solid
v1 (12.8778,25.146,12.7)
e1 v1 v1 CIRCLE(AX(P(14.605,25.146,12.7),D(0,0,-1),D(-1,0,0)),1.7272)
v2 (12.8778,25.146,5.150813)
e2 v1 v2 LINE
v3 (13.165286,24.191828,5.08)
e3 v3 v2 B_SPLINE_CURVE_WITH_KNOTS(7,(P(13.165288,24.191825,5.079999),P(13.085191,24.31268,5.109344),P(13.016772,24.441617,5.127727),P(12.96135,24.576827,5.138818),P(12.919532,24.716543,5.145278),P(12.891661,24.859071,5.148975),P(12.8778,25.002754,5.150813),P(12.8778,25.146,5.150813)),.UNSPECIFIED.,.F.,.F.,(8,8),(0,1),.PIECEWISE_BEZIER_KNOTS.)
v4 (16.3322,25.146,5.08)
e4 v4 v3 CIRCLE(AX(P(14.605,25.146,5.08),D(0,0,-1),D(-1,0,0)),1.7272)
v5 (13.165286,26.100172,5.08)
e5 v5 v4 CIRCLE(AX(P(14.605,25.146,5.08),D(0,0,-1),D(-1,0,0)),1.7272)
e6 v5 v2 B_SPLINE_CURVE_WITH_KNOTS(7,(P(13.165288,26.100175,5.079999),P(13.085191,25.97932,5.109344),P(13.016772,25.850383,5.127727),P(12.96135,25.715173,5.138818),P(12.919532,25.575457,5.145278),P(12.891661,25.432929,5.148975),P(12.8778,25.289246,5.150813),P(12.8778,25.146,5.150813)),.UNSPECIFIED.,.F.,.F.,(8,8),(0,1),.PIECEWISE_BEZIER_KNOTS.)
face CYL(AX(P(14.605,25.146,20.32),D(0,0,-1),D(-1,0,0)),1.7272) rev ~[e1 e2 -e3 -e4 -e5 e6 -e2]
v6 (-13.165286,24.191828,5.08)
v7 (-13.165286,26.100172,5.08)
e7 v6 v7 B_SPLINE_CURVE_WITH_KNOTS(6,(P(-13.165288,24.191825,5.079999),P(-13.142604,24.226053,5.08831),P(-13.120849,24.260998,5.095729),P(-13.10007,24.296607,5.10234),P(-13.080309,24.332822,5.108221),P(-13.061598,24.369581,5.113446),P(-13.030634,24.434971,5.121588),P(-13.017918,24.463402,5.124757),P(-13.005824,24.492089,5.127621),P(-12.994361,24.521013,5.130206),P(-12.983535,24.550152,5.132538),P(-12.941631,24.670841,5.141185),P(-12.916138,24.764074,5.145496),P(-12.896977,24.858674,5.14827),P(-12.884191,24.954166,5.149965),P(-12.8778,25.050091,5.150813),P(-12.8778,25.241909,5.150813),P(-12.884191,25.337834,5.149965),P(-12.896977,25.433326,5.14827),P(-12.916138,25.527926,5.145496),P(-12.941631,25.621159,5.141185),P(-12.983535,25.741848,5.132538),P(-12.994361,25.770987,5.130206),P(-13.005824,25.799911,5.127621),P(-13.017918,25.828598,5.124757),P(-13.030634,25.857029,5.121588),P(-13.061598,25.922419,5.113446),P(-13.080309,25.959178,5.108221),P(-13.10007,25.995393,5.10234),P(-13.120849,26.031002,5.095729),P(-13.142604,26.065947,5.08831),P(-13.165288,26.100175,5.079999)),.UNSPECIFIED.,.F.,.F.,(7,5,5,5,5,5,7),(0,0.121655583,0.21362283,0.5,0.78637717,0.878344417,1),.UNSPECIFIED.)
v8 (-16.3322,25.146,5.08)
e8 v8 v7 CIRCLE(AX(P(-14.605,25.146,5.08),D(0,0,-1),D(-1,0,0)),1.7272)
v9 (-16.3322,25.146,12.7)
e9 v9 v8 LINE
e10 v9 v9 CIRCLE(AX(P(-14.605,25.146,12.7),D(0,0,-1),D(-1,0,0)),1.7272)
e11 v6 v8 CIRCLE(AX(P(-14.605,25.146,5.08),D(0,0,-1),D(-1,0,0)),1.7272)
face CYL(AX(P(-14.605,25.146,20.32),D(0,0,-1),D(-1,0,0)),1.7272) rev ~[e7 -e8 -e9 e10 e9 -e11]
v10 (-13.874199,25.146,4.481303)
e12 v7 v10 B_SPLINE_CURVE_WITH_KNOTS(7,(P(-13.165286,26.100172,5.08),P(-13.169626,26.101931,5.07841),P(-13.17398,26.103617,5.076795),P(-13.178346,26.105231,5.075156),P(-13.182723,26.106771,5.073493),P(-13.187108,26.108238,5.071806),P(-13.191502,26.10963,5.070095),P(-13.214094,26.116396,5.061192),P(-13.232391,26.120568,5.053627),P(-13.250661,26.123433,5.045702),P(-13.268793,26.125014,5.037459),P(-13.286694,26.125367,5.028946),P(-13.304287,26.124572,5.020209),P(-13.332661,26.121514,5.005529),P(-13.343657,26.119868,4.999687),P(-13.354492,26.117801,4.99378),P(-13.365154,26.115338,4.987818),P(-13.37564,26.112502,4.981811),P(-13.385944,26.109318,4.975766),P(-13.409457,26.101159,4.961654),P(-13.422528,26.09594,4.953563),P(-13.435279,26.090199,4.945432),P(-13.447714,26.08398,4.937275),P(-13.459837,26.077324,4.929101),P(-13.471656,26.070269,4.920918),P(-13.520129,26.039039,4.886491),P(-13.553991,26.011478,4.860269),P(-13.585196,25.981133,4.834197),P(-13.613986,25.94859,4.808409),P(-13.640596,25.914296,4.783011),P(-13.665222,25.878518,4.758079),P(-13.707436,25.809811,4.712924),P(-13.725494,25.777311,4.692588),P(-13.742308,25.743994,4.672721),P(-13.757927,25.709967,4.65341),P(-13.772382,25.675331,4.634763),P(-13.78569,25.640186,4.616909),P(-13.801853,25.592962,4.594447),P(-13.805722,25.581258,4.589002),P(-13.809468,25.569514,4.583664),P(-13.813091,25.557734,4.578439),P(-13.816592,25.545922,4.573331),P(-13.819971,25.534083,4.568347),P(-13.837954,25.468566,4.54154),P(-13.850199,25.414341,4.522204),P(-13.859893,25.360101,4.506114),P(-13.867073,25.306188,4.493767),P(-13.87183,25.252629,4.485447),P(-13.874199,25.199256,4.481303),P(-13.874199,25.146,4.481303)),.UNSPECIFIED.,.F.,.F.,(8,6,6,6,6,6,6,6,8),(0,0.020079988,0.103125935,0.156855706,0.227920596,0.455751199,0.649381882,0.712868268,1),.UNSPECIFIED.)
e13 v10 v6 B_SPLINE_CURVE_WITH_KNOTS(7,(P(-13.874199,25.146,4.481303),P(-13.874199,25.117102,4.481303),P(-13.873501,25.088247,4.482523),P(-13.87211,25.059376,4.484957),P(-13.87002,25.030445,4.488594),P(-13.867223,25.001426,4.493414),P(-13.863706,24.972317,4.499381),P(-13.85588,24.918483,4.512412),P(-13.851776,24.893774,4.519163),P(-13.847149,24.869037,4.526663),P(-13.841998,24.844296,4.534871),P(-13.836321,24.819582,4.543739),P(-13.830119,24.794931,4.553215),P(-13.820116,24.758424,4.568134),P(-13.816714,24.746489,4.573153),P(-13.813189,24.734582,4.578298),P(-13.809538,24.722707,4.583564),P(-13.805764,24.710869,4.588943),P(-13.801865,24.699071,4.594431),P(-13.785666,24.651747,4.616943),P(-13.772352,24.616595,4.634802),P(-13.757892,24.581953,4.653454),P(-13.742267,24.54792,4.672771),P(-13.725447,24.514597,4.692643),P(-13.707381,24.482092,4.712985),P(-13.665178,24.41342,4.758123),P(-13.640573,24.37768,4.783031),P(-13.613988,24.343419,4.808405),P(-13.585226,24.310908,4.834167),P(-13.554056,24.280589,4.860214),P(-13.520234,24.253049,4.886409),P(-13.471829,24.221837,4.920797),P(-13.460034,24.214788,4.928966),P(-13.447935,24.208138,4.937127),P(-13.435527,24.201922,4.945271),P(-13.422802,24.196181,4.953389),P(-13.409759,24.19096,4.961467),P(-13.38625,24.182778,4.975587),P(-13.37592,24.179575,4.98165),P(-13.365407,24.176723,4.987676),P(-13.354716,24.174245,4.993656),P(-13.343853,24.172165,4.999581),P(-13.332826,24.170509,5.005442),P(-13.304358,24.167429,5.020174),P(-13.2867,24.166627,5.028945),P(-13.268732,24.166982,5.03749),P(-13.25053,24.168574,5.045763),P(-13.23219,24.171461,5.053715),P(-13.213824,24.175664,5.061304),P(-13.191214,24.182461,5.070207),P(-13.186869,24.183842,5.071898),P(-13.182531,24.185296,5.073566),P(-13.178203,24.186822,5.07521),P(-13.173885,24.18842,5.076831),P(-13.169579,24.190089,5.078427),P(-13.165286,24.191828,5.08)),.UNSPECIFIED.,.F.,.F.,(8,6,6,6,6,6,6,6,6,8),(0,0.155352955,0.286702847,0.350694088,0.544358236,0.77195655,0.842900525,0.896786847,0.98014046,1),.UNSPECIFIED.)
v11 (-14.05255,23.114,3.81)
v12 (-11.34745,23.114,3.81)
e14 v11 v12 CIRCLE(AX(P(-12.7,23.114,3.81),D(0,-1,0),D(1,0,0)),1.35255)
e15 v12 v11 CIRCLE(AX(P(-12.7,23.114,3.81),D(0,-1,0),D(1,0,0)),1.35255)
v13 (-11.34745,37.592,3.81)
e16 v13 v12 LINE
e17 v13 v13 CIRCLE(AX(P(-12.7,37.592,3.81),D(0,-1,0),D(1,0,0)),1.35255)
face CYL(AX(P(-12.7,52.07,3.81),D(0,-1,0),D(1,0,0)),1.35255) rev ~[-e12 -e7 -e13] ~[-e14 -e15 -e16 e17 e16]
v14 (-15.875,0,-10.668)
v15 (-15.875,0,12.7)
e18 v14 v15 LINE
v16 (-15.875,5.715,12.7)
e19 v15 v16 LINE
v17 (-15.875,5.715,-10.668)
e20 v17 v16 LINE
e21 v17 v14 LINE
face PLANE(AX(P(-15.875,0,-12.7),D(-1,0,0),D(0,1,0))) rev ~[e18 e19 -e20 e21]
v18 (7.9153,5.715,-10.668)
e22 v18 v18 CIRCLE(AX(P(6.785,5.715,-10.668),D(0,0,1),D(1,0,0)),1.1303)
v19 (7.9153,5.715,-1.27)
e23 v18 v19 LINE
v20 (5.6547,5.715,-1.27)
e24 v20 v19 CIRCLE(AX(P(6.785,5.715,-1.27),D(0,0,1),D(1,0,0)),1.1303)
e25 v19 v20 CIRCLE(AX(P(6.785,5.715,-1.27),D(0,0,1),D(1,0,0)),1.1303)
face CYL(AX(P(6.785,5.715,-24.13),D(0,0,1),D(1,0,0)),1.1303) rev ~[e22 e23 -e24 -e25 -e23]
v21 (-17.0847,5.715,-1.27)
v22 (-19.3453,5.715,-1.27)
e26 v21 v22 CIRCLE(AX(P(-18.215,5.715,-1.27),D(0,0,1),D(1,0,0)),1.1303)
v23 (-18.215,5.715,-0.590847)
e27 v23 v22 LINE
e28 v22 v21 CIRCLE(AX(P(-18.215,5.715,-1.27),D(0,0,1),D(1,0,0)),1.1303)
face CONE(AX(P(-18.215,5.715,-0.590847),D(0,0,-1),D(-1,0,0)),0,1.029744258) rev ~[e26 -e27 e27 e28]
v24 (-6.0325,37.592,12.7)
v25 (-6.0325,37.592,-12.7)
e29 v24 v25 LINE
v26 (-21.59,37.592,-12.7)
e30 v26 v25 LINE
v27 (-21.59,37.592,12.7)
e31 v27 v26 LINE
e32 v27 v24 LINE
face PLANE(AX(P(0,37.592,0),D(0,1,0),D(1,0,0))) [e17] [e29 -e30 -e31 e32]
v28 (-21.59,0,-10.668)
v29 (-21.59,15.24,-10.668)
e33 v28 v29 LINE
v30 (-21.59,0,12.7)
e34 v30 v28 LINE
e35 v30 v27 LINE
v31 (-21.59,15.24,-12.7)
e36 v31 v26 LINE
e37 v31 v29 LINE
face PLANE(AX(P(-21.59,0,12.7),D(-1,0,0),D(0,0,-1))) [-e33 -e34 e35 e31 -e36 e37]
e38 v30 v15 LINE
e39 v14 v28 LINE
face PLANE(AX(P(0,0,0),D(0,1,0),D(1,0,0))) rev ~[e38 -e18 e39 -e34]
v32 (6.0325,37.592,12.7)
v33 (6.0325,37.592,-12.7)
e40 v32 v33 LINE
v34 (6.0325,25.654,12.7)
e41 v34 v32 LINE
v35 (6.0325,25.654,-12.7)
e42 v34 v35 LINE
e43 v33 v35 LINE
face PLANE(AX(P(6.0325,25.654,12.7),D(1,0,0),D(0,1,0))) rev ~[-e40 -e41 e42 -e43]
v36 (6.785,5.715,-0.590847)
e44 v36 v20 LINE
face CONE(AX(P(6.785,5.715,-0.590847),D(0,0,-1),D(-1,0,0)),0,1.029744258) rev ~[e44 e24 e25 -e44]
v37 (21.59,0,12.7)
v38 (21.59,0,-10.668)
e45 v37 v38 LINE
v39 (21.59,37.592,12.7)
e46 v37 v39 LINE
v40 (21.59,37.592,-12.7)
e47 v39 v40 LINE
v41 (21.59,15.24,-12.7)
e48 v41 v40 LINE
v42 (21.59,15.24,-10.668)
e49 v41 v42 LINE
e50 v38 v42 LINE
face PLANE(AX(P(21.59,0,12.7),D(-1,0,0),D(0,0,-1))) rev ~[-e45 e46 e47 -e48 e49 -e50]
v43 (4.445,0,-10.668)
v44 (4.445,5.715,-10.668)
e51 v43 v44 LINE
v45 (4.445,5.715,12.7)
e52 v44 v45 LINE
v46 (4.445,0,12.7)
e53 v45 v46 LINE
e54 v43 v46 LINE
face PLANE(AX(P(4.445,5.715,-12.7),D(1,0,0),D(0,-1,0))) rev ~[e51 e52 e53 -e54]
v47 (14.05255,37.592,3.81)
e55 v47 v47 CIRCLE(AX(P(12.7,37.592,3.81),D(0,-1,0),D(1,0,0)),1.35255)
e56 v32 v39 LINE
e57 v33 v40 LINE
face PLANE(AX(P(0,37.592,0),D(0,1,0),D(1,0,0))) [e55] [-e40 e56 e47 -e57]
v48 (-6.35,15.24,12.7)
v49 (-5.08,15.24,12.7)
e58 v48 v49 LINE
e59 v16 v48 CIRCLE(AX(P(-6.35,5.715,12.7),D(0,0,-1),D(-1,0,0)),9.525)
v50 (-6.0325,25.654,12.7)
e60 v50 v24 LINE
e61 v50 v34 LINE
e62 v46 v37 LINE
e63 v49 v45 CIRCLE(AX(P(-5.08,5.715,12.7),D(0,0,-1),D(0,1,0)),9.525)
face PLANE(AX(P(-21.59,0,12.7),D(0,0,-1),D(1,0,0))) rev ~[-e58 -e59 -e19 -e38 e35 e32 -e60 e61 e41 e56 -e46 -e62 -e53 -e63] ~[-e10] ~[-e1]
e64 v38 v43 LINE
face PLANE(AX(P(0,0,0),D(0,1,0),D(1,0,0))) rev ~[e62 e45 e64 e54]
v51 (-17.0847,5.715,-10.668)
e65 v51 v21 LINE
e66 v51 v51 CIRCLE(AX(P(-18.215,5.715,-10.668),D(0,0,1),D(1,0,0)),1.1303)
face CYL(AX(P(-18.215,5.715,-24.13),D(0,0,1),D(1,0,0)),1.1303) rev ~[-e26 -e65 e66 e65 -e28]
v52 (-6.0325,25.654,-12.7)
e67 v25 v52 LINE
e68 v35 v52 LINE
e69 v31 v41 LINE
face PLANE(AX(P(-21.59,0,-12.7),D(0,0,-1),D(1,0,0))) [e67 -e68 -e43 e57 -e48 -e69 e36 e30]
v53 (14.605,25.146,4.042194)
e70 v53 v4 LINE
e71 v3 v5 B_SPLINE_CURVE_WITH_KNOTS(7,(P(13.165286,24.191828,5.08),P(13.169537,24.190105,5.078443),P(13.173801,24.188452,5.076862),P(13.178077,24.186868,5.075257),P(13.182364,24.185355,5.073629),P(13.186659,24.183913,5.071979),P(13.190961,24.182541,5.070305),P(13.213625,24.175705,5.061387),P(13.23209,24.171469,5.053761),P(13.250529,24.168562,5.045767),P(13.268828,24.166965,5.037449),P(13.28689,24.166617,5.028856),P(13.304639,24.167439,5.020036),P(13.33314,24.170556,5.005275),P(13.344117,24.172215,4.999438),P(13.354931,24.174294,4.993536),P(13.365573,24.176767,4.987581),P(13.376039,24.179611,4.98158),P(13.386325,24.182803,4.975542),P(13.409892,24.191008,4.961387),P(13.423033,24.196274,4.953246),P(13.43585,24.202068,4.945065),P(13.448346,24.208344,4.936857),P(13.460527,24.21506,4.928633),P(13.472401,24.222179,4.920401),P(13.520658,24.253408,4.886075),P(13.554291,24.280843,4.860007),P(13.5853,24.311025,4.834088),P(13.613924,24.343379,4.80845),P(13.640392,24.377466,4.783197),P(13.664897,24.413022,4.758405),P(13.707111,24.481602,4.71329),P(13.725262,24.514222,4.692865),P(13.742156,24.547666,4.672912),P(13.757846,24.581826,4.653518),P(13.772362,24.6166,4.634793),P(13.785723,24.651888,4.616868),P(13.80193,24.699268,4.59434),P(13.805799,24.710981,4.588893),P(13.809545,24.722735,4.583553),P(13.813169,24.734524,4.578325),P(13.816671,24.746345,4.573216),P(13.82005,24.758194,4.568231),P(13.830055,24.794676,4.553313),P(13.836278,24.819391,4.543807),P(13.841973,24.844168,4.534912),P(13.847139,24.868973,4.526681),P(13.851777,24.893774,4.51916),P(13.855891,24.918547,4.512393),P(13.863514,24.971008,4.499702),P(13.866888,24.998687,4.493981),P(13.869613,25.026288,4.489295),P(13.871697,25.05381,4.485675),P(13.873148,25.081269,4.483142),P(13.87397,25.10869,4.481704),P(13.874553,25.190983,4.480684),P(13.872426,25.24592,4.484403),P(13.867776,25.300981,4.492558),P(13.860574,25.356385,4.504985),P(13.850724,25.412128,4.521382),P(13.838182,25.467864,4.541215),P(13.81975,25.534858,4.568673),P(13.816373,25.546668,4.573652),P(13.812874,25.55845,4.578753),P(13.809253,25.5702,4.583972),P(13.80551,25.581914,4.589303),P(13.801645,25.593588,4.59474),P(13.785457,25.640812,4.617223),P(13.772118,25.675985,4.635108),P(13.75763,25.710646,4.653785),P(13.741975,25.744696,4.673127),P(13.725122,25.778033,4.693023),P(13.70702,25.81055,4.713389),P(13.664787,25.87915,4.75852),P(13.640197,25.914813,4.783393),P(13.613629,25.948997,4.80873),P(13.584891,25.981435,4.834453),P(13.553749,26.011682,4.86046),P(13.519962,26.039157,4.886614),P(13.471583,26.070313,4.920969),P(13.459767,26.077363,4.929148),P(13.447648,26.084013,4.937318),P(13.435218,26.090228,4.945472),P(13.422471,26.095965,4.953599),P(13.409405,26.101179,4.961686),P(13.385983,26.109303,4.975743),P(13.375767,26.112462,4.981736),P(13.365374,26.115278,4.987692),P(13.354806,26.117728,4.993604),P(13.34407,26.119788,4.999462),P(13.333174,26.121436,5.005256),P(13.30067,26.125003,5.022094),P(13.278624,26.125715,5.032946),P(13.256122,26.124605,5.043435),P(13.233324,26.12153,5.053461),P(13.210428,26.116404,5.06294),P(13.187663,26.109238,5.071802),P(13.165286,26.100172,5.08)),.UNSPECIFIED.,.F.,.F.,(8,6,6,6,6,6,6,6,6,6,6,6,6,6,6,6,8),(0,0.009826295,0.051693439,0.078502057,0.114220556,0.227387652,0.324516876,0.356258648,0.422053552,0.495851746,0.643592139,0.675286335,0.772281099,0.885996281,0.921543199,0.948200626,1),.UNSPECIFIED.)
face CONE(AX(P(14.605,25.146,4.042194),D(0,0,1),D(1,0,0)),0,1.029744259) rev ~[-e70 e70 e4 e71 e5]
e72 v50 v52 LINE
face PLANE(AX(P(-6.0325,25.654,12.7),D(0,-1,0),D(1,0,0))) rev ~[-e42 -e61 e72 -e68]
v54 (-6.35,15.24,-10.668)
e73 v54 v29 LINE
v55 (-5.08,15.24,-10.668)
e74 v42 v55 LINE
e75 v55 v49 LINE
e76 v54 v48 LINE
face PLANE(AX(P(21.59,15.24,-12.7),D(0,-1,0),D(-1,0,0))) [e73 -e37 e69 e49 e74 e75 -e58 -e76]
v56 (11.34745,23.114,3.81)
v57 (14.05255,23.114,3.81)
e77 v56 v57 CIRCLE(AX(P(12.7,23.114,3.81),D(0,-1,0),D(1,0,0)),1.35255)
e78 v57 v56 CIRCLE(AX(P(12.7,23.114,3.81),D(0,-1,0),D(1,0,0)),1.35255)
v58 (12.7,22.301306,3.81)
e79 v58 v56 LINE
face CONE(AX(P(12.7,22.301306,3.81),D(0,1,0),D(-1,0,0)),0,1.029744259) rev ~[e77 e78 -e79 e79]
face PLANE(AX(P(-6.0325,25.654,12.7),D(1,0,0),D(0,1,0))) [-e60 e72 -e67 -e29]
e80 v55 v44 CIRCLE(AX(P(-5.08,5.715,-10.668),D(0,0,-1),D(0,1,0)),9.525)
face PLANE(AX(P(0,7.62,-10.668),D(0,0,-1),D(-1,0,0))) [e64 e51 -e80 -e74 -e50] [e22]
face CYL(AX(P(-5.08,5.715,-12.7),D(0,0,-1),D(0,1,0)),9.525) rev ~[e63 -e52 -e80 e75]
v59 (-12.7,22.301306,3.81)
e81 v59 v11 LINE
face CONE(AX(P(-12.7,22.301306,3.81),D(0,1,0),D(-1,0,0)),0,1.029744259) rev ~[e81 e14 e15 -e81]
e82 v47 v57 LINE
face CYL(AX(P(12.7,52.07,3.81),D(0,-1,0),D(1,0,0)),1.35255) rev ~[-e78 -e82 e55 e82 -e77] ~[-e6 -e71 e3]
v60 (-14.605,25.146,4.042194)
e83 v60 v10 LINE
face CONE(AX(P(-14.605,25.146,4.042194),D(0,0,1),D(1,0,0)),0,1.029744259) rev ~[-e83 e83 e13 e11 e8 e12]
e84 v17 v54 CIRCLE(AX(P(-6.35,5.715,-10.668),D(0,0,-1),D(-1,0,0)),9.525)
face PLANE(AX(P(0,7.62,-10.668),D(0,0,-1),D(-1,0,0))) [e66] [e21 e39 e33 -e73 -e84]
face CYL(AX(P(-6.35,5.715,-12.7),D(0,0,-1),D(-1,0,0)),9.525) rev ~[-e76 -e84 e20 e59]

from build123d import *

# Parameters (mm, degrees)
SKETCH1_W                 = 43.18
SKETCH1_H                 = 25.4
BASE_DEPTH                = 37.592
SKETCH2_W                 = 12.065
SKETCH2_H                 = 11.938
LINACTSLOT_DEPTH          = 51.24387091
MOUTINGHOLES_D            = 2.7051
MOUTINGHOLES_DEPTH        = 14.478
MOUTINGHOLES_TIP          = 0.81269403
MOTORSLOT_DEPTH           = 51.24387091
MOTORMOUNTINGHOLES2_D     = 2.2606
MOTORMOUNTINGHOLES2_DEPTH = 11.43
MOTORMOUNTINGHOLES2_TIP   = 0.679152758
F_8_32_TAPPED_HOLE1_D     = 3.4544
F_8_32_TAPPED_HOLE1_DEPTH = 7.62
F_8_32_TAPPED_HOLE1_TIP   = 1.037806461
SKETCH23_W                = 43.18
SKETCH23_H                = 15.24
CUT_EXTRUDE1_DEPTH        = 2.032


with BuildPart() as part:
    # Sketch1 → Base (new body)
    with BuildSketch(Plane(origin=(0, 0, 0), x_dir=(1, 0, 0), z_dir=(0, 1, 0))):
        Rectangle(SKETCH1_W, SKETCH1_H)
    extrude(amount=BASE_DEPTH)

    # Sketch2 → LinActSlot (cut, through all)
    with BuildSketch(Plane.XY.offset(12.7)):
        with Locations((0, 31.623)):
            Rectangle(SKETCH2_W, SKETCH2_H)
    extrude(amount=-LINACTSLOT_DEPTH, mode=Mode.SUBTRACT)

    # MoutingHoles
    with Locations(Plane(origin=(14.160350453, 37.592, 8.373414988), x_dir=(-1, 0, 0), z_dir=(0, 1, 0))):
        with Locations((1.460350453, -4.563414988), (26.860350453, -4.563414988)):
            Hole(MOUTINGHOLES_D / 2, depth=MOUTINGHOLES_DEPTH)
            with Locations((0, 0, -(MOUTINGHOLES_DEPTH + MOUTINGHOLES_TIP / 2))):  # 118° drill point
                Cone(0, MOUTINGHOLES_D / 2, MOUTINGHOLES_TIP, mode=Mode.SUBTRACT)

    # Sketch11 → MotorSlot (cut, through all)
    with BuildSketch(Plane(origin=(0, 0, -12.7), x_dir=(-1, 0, 0), z_dir=(0, 0, -1))):
        with BuildLine():
            Line((15.875, 5.08), (15.875, 5.715))
            ThreePointArc((15.875, 5.715), (13.085192091, 12.450192091), (6.35, 15.24))
            Line((6.35, 15.24), (5.08, 15.24))
            ThreePointArc((5.08, 15.24), (-1.655192091, 12.450192091), (-4.445, 5.715))
            Line((-4.445, 5.715), (-4.445, 5.08))
            Line((-4.445, 5.08), (-4.445, 0))
            Line((-4.445, 0), (15.875, 0))
            Line((15.875, 0), (15.875, 5.08))
        make_face()
    extrude(amount=-MOTORSLOT_DEPTH, mode=Mode.SUBTRACT)

    # MotorMountingHoles2
    with Locations(Plane(origin=(0, 0, -12.7), x_dir=(-1, 0, 0), z_dir=(0, 0, -1))):
        with Locations((18.215, 5.715), (-6.785, 5.715)):
            Hole(MOTORMOUNTINGHOLES2_D / 2, depth=MOTORMOUNTINGHOLES2_DEPTH)
            with Locations((0, 0, -(MOTORMOUNTINGHOLES2_DEPTH + MOTORMOUNTINGHOLES2_TIP / 2))):  # 118° drill point
                Cone(0, MOTORMOUNTINGHOLES2_D / 2, MOTORMOUNTINGHOLES2_TIP, mode=Mode.SUBTRACT)

    # #8-32 Tapped Hole1
    with Locations(Plane.XY.offset(12.7)):
        with Locations((-14.605, 25.146), (14.605, 25.146)):
            Hole(F_8_32_TAPPED_HOLE1_D / 2, depth=F_8_32_TAPPED_HOLE1_DEPTH)
            with Locations((0, 0, -(F_8_32_TAPPED_HOLE1_DEPTH + F_8_32_TAPPED_HOLE1_TIP / 2))):  # 118° drill point
                Cone(0, F_8_32_TAPPED_HOLE1_D / 2, F_8_32_TAPPED_HOLE1_TIP, mode=Mode.SUBTRACT)

    # Sketch23 → Cut-Extrude1 (cut)
    with BuildSketch(Plane(origin=(0, 0, -12.7), x_dir=(-1, 0, 0), z_dir=(0, 0, -1))):
        with Locations((0, 7.62)):
            Rectangle(SKETCH23_W, SKETCH23_H)
    extrude(amount=-CUT_EXTRUDE1_DEPTH, mode=Mode.SUBTRACT)


solid = part.part
